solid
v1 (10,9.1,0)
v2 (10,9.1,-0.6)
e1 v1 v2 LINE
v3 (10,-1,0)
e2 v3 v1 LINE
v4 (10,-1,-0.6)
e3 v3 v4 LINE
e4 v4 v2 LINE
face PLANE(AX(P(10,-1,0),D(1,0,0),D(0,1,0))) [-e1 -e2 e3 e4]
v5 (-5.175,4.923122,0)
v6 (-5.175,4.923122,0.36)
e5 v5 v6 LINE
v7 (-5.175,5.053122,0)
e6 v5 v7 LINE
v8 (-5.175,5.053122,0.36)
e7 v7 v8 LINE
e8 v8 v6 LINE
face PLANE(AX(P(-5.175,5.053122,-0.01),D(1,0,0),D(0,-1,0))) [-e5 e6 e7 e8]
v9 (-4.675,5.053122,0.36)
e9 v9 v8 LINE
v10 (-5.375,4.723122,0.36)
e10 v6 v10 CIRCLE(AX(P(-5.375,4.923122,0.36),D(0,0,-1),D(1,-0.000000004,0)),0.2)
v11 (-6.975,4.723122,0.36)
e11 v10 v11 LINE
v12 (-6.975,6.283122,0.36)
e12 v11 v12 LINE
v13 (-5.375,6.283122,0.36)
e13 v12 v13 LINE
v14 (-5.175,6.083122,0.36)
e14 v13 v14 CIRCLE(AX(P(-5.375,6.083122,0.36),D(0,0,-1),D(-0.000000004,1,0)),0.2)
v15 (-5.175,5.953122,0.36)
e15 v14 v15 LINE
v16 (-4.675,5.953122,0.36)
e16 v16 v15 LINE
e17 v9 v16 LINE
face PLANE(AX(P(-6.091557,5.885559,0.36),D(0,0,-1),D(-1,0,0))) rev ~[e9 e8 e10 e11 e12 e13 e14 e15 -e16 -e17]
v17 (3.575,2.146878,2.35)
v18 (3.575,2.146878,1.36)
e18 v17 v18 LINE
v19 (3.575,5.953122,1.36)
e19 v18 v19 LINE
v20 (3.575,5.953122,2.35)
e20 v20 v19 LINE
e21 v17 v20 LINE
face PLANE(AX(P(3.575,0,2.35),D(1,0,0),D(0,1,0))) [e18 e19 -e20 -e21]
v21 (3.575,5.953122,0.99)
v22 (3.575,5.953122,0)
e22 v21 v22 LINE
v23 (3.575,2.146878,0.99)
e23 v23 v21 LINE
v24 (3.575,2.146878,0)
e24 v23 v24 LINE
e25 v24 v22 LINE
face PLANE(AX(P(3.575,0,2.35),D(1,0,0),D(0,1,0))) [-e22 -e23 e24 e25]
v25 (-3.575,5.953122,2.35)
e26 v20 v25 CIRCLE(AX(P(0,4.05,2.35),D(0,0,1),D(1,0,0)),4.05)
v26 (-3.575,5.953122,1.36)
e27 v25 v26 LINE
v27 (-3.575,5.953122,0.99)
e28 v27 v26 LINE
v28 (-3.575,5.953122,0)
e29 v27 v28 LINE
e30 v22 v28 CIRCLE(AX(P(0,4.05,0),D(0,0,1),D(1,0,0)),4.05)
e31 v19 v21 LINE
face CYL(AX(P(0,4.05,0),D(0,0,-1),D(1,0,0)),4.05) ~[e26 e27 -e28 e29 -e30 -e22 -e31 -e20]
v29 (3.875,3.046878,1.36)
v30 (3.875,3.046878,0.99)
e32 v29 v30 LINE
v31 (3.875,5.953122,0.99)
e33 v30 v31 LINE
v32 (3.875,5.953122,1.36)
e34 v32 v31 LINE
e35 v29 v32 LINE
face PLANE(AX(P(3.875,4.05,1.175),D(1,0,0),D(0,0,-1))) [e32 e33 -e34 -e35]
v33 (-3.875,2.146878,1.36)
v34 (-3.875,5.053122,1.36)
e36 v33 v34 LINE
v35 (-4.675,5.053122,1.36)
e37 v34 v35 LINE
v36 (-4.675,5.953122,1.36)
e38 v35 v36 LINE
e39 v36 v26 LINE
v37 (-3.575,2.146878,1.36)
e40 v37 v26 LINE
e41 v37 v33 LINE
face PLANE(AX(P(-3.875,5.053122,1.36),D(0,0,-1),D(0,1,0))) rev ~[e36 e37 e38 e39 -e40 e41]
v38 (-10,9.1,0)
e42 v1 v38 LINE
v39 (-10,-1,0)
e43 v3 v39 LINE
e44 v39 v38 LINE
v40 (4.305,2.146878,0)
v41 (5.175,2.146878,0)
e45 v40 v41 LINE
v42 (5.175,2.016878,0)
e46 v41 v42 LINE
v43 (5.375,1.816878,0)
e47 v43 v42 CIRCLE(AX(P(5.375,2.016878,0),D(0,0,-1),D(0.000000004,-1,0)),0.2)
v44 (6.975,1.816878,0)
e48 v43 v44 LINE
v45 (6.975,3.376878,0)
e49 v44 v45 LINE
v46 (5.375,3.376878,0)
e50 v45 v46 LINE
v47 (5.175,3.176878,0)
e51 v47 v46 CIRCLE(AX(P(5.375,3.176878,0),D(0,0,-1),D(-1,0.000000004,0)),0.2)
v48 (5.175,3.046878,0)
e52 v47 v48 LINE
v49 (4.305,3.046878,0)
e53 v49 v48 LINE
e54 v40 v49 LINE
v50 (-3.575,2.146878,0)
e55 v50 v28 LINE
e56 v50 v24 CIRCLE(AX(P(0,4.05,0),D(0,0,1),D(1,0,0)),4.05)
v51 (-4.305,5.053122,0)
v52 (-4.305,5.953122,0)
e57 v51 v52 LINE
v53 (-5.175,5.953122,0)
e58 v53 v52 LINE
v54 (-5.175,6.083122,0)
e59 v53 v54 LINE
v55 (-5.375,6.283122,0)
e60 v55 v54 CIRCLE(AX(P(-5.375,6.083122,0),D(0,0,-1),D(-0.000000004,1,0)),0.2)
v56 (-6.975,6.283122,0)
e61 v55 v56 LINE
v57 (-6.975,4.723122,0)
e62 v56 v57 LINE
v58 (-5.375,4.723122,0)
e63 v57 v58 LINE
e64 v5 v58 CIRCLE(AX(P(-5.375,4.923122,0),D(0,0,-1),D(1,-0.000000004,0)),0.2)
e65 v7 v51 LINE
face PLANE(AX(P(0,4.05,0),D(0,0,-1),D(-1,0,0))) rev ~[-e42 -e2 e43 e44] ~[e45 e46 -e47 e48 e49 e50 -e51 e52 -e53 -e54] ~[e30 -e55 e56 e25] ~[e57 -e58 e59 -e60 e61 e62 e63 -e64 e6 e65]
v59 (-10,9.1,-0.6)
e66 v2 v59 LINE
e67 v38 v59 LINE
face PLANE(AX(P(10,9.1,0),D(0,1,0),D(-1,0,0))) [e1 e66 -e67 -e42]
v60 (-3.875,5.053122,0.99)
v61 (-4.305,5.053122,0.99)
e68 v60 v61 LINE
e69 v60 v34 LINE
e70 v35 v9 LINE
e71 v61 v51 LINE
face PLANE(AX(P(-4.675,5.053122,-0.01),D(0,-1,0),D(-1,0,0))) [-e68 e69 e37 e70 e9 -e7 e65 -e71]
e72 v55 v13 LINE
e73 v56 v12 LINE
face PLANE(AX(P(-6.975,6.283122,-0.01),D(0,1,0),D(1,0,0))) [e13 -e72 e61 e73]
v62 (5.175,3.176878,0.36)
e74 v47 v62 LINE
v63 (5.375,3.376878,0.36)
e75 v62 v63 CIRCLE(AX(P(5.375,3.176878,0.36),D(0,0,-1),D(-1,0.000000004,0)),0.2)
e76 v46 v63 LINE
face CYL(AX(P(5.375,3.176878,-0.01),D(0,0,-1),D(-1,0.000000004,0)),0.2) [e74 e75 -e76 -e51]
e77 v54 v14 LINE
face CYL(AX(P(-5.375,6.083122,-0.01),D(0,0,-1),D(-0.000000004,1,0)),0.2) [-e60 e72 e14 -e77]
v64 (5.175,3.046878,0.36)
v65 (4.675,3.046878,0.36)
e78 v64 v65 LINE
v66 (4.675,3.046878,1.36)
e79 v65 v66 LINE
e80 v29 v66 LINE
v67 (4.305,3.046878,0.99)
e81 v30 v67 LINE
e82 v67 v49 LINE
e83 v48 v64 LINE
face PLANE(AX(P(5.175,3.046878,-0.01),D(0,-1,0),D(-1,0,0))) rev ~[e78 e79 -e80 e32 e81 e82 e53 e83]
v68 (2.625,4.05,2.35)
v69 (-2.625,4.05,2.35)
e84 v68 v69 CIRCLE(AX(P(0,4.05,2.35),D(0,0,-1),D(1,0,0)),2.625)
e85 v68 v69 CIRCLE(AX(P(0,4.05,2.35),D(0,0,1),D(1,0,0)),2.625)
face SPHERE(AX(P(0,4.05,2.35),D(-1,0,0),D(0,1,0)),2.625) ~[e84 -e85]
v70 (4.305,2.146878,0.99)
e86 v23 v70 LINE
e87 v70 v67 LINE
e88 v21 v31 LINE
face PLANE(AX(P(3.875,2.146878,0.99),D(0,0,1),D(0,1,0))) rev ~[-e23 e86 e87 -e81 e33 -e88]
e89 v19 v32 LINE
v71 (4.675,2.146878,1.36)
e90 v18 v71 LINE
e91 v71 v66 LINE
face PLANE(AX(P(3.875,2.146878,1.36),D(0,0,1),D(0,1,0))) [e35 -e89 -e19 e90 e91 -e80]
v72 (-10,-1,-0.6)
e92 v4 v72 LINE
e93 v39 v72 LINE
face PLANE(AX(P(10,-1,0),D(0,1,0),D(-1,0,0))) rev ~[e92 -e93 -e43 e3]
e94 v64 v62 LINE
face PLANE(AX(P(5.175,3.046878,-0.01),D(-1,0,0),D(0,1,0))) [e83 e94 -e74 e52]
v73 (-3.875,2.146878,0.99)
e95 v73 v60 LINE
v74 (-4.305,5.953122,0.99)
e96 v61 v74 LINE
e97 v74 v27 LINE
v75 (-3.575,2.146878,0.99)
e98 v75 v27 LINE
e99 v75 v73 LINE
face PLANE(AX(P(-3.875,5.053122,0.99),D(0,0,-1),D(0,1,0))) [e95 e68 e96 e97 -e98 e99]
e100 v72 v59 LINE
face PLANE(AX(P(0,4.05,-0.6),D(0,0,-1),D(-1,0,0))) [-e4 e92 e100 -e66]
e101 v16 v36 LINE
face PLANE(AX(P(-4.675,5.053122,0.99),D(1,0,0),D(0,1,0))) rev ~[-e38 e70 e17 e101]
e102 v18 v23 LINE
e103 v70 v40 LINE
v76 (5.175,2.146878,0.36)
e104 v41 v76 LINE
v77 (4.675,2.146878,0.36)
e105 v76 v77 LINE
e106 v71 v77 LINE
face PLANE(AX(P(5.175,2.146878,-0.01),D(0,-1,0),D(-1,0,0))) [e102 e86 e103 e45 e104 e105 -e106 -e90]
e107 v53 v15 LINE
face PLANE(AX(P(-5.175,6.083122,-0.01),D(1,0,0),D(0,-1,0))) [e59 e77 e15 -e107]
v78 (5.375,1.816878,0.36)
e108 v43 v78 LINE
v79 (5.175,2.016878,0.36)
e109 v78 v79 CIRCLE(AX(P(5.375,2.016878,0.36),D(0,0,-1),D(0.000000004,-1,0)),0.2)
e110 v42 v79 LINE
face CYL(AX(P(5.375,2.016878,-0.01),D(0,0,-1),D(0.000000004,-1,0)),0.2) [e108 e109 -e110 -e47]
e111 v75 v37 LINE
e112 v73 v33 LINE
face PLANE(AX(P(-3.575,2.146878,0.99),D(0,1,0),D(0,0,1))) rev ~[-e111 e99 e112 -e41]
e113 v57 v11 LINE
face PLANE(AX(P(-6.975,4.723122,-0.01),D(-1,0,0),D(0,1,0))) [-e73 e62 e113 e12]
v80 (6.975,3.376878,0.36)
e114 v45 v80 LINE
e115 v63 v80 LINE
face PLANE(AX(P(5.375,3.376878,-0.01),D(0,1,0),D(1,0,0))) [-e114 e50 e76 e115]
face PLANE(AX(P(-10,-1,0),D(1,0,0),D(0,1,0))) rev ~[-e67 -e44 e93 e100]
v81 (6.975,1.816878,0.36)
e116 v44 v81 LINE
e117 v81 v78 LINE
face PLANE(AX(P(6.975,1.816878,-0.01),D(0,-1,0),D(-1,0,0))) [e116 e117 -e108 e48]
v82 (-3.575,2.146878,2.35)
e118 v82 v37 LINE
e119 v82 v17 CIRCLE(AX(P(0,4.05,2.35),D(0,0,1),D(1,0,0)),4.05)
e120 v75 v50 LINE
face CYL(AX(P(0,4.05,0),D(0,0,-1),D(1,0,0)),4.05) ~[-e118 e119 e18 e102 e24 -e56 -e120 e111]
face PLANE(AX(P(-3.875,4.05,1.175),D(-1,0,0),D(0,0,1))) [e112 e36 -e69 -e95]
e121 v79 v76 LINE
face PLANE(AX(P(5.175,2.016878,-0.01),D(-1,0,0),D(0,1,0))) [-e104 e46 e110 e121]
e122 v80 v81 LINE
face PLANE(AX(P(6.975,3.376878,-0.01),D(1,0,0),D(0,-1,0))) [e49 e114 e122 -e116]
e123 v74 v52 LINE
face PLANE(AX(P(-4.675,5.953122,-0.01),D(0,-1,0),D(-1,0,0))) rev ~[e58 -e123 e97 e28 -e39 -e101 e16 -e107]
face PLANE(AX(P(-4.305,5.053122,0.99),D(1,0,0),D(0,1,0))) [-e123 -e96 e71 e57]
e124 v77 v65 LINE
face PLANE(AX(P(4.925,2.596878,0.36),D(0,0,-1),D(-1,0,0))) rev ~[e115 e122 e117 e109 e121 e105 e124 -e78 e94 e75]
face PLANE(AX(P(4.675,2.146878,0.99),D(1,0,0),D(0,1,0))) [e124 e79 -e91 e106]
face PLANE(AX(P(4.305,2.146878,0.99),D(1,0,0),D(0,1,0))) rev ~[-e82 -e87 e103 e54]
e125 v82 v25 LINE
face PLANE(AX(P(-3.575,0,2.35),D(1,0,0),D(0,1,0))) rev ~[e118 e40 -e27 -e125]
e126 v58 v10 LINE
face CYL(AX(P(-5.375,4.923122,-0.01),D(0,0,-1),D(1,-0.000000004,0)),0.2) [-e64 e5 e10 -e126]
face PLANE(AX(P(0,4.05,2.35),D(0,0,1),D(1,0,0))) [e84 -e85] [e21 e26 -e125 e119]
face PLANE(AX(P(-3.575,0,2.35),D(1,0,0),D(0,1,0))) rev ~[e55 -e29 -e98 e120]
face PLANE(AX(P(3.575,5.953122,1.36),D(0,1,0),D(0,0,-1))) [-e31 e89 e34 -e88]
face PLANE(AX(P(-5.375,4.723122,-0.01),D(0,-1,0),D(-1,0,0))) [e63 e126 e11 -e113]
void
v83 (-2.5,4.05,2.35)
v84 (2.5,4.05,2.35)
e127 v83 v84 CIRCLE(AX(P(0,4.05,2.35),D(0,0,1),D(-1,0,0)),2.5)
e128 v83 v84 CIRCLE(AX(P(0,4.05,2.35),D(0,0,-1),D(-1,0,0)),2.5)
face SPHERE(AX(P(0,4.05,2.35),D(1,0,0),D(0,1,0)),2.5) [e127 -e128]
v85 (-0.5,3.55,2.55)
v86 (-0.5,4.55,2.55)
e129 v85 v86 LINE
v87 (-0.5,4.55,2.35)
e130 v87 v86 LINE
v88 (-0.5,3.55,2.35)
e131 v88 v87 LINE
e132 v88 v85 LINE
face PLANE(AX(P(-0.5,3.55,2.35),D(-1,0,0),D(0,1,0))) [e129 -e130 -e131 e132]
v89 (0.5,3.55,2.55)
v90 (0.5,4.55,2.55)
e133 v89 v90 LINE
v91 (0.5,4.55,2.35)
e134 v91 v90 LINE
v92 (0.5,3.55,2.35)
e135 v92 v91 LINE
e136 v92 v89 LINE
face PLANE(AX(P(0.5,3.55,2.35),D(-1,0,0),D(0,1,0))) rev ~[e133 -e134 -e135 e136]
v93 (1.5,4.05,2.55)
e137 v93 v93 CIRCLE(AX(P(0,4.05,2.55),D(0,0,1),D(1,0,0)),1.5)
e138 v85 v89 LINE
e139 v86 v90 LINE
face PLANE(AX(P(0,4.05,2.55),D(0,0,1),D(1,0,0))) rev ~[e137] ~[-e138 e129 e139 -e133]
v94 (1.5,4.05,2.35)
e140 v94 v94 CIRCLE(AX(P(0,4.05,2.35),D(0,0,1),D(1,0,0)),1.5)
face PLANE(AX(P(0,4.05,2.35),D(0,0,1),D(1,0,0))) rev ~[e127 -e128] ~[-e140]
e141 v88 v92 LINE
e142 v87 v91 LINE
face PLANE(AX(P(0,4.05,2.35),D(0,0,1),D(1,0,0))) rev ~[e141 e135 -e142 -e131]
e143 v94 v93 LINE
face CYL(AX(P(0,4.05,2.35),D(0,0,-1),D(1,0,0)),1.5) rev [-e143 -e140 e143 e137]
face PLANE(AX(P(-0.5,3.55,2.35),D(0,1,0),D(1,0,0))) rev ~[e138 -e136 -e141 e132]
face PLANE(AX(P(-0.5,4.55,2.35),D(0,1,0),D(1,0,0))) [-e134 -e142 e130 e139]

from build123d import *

# Parameters (mm, degrees)
SKETCH1_R            = 4.05
BOSS_EXTRUDE1_DEPTH  = 2.35
SKETCH2_R            = 1.5
SKETCH2_W            = 1
SKETCH2_H            = 1
BOSS_EXTRUDE2_DEPTH  = 0.2
REVOLVE1_ANGLE       = 180
SKETCH4_W            = 0.475
SKETCH4_H            = 8.1
CUT_EXTRUDE1_DEPTH   = 10.428845369
SKETCH5_W            = 0.37
SKETCH5_H            = 3.806244868
BOSS_EXTRUDE3_DEPTH  = 0.3
SKETCH6_W            = 0.37
SKETCH6_H            = 0.9
BOSS_EXTRUDE4_DEPTH  = 0.8
SKETCH7_W            = 0.37
SKETCH7_H            = 0.9
BOSS_EXTRUDE5_DEPTH  = 1
SKETCH8_W            = 0.5
SKETCH8_H            = 0.9
BOSS_EXTRUDE6_DEPTH  = 0.37
SKETCH9_W            = 0.37
SKETCH9_H            = 3.806244868
BOSS_EXTRUDE7_DEPTH  = 0.3
SKETCH10_W           = 0.37
SKETCH10_H           = 0.9
BOSS_EXTRUDE8_DEPTH  = 0.8
SKETCH11_W           = 0.37
SKETCH11_H           = 0.9
BOSS_EXTRUDE9_DEPTH  = 1
SKETCH12_W           = 0.5
SKETCH12_H           = 0.9
BOSS_EXTRUDE10_DEPTH = 0.37
SKETCH13_R           = 2.75
BOSS_EXTRUDE11_DEPTH = 0.1
SKETCH14_W           = 20
SKETCH14_H           = 10.1
BOSS_EXTRUDE13_DEPTH = 0.6


with BuildPart() as part:
    # Sketch1 → Boss-Extrude1 (new body)
    with BuildSketch(Plane.XY):
        with Locations((0, 4.05)):
            Circle(SKETCH1_R)
    extrude(amount=BOSS_EXTRUDE1_DEPTH)

    # Sketch2 → Boss-Extrude2 (add)
    with BuildSketch(Plane.XY.offset(2.35)):
        with Locations((0, 4.05)):
            Circle(SKETCH2_R)
        with Locations((0, 4.05)):
            Rectangle(SKETCH2_W, SKETCH2_H, mode=Mode.SUBTRACT)
    extrude(amount=BOSS_EXTRUDE2_DEPTH)

    # Sketch3 → Revolve1 (revolve)
    with BuildSketch(Plane.XY.offset(2.35)):
        with BuildLine():
            Line((-2.625, 4.05), (-2.5, 4.05))
            ThreePointArc((-2.5, 4.05), (0, 6.55), (2.5, 4.05))
            Line((2.5, 4.05), (2.625, 4.05))
            ThreePointArc((2.625, 4.05), (0, 6.675), (-2.625, 4.05))
        make_face()
    revolve(axis=Axis((0, 4.05, 2.35), (1, 0, 0)), revolution_arc=REVOLVE1_ANGLE)

    # Sketch4 → Cut-Extrude1 (cut, through all)
    with BuildSketch(Plane.XY.offset(2.35)):
        with Locations((-3.8125, 4.05)):
            Rectangle(SKETCH4_W, SKETCH4_H)
        with Locations((3.8125, 4.05)):
            Rectangle(SKETCH4_W, SKETCH4_H)
    extrude(amount=-CUT_EXTRUDE1_DEPTH, mode=Mode.SUBTRACT)

    # Sketch5 → Boss-Extrude3 (add)
    with BuildSketch(Plane.ZY.offset(3.575)):
        with Locations((1.175, 4.05)):
            Rectangle(SKETCH5_W, SKETCH5_H)
    extrude(amount=BOSS_EXTRUDE3_DEPTH)

    # Sketch6 → Boss-Extrude4 (add)
    with BuildSketch(Plane.ZY.offset(3.875)):
        with Locations((1.175, 5.503122434)):
            Rectangle(SKETCH6_W, SKETCH6_H)
    extrude(amount=BOSS_EXTRUDE4_DEPTH)

    # Sketch7 → Boss-Extrude5 (add)
    with BuildSketch(Plane(origin=(0, 0, 0.99), x_dir=(-1, 0, 0), z_dir=(0, 0, -1))):
        with Locations((4.49, 5.503122434)):
            Rectangle(SKETCH7_W, SKETCH7_H)
    extrude(amount=BOSS_EXTRUDE5_DEPTH)

    # Sketch8 → Boss-Extrude6 (add)
    with BuildSketch(Plane(origin=(0, 0, -0.01), x_dir=(-1, 0, 0), z_dir=(0, 0, -1))):
        with BuildLine():
            Line((5.175, 6.083122434), (5.175, 5.953122434))
            Line((5.175, 5.953122434), (5.175, 5.503122434))
            Line((5.175, 5.503122434), (6.975, 5.503122434))
            Line((6.975, 5.503122434), (6.975, 6.283122434))
            Line((6.975, 6.283122434), (5.375, 6.283122434))
            ThreePointArc((5.375, 6.283122434), (5.233578644, 6.224543791), (5.175, 6.083122434))
        make_face()
        with BuildLine():
            Line((6.975, 5.503122434), (5.175, 5.503122434))
            Line((5.175, 5.503122434), (5.175, 5.053122434))
            Line((5.175, 5.053122434), (5.175, 4.923122434))
            ThreePointArc((5.175, 4.923122434), (5.233578644, 4.781701078), (5.375, 4.723122434))
            Line((5.375, 4.723122434), (6.975, 4.723122434))
            Line((6.975, 4.723122434), (6.975, 5.503122434))
        make_face()
        with Locations((4.925, 5.503122434)):
            Rectangle(SKETCH8_W, SKETCH8_H)
    extrude(amount=-BOSS_EXTRUDE6_DEPTH)

    # Sketch9 → Boss-Extrude7 (add)
    with BuildSketch(Plane(origin=(3.575, 0, 0), x_dir=(0, 0, -1), z_dir=(1, 0, 0))):
        with Locations((-1.175, 4.05)):
            Rectangle(SKETCH9_W, SKETCH9_H)
    extrude(amount=BOSS_EXTRUDE7_DEPTH)

    # Sketch10 → Boss-Extrude8 (add)
    with BuildSketch(Plane(origin=(3.875, 0, 0), x_dir=(0, 0, -1), z_dir=(1, 0, 0))):
        with Locations((-1.175, 2.596877566)):
            Rectangle(SKETCH10_W, SKETCH10_H)
    extrude(amount=BOSS_EXTRUDE8_DEPTH)

    # Sketch11 → Boss-Extrude9 (add)
    with BuildSketch(Plane(origin=(0, 0, 0.99), x_dir=(-1, 0, 0), z_dir=(0, 0, -1))):
        with Locations((-4.49, 2.596877566)):
            Rectangle(SKETCH11_W, SKETCH11_H)
    extrude(amount=BOSS_EXTRUDE9_DEPTH)

    # Sketch12 → Boss-Extrude10 (add)
    with BuildSketch(Plane(origin=(0, 0, -0.01), x_dir=(-1, 0, 0), z_dir=(0, 0, -1))):
        with Locations((-4.925, 2.596877566)):
            Rectangle(SKETCH12_W, SKETCH12_H)
        with BuildLine():
            Line((-5.175, 2.016877566), (-5.175, 2.146877566))
            Line((-5.175, 2.146877566), (-5.175, 2.596877566))
            Line((-5.175, 2.596877566), (-6.975, 2.596877566))
            Line((-6.975, 2.596877566), (-6.975, 1.816877566))
            Line((-6.975, 1.816877566), (-5.375, 1.816877566))
            ThreePointArc((-5.375, 1.816877566), (-5.233578644, 1.875456209), (-5.175, 2.016877566))
        make_face()
        with BuildLine():
            Line((-6.975, 2.596877566), (-5.175, 2.596877566))
            Line((-5.175, 2.596877566), (-5.175, 3.046877566))
            Line((-5.175, 3.046877566), (-5.175, 3.176877566))
            ThreePointArc((-5.175, 3.176877566), (-5.233578644, 3.318298922), (-5.375, 3.376877566))
            Line((-5.375, 3.376877566), (-6.975, 3.376877566))
            Line((-6.975, 3.376877566), (-6.975, 2.596877566))
        make_face()
    extrude(amount=-BOSS_EXTRUDE10_DEPTH)

    # Sketch13 → Boss-Extrude11 (add)
    with BuildSketch(Plane(origin=(0, 0, 0), x_dir=(-1, 0, 0), z_dir=(0, 0, -1))):
        with Locations((0, 4.05)):
            Circle(SKETCH13_R)
    extrude(amount=BOSS_EXTRUDE11_DEPTH)

    # Sketch14 → Boss-Extrude13 (add)
    with BuildSketch(Plane(origin=(0, 0, 0), x_dir=(-1, 0, 0), z_dir=(0, 0, -1))):
        with Locations((0, 4.05)):
            Rectangle(SKETCH14_W, SKETCH14_H)
    extrude(amount=BOSS_EXTRUDE13_DEPTH)


solid = part.part
